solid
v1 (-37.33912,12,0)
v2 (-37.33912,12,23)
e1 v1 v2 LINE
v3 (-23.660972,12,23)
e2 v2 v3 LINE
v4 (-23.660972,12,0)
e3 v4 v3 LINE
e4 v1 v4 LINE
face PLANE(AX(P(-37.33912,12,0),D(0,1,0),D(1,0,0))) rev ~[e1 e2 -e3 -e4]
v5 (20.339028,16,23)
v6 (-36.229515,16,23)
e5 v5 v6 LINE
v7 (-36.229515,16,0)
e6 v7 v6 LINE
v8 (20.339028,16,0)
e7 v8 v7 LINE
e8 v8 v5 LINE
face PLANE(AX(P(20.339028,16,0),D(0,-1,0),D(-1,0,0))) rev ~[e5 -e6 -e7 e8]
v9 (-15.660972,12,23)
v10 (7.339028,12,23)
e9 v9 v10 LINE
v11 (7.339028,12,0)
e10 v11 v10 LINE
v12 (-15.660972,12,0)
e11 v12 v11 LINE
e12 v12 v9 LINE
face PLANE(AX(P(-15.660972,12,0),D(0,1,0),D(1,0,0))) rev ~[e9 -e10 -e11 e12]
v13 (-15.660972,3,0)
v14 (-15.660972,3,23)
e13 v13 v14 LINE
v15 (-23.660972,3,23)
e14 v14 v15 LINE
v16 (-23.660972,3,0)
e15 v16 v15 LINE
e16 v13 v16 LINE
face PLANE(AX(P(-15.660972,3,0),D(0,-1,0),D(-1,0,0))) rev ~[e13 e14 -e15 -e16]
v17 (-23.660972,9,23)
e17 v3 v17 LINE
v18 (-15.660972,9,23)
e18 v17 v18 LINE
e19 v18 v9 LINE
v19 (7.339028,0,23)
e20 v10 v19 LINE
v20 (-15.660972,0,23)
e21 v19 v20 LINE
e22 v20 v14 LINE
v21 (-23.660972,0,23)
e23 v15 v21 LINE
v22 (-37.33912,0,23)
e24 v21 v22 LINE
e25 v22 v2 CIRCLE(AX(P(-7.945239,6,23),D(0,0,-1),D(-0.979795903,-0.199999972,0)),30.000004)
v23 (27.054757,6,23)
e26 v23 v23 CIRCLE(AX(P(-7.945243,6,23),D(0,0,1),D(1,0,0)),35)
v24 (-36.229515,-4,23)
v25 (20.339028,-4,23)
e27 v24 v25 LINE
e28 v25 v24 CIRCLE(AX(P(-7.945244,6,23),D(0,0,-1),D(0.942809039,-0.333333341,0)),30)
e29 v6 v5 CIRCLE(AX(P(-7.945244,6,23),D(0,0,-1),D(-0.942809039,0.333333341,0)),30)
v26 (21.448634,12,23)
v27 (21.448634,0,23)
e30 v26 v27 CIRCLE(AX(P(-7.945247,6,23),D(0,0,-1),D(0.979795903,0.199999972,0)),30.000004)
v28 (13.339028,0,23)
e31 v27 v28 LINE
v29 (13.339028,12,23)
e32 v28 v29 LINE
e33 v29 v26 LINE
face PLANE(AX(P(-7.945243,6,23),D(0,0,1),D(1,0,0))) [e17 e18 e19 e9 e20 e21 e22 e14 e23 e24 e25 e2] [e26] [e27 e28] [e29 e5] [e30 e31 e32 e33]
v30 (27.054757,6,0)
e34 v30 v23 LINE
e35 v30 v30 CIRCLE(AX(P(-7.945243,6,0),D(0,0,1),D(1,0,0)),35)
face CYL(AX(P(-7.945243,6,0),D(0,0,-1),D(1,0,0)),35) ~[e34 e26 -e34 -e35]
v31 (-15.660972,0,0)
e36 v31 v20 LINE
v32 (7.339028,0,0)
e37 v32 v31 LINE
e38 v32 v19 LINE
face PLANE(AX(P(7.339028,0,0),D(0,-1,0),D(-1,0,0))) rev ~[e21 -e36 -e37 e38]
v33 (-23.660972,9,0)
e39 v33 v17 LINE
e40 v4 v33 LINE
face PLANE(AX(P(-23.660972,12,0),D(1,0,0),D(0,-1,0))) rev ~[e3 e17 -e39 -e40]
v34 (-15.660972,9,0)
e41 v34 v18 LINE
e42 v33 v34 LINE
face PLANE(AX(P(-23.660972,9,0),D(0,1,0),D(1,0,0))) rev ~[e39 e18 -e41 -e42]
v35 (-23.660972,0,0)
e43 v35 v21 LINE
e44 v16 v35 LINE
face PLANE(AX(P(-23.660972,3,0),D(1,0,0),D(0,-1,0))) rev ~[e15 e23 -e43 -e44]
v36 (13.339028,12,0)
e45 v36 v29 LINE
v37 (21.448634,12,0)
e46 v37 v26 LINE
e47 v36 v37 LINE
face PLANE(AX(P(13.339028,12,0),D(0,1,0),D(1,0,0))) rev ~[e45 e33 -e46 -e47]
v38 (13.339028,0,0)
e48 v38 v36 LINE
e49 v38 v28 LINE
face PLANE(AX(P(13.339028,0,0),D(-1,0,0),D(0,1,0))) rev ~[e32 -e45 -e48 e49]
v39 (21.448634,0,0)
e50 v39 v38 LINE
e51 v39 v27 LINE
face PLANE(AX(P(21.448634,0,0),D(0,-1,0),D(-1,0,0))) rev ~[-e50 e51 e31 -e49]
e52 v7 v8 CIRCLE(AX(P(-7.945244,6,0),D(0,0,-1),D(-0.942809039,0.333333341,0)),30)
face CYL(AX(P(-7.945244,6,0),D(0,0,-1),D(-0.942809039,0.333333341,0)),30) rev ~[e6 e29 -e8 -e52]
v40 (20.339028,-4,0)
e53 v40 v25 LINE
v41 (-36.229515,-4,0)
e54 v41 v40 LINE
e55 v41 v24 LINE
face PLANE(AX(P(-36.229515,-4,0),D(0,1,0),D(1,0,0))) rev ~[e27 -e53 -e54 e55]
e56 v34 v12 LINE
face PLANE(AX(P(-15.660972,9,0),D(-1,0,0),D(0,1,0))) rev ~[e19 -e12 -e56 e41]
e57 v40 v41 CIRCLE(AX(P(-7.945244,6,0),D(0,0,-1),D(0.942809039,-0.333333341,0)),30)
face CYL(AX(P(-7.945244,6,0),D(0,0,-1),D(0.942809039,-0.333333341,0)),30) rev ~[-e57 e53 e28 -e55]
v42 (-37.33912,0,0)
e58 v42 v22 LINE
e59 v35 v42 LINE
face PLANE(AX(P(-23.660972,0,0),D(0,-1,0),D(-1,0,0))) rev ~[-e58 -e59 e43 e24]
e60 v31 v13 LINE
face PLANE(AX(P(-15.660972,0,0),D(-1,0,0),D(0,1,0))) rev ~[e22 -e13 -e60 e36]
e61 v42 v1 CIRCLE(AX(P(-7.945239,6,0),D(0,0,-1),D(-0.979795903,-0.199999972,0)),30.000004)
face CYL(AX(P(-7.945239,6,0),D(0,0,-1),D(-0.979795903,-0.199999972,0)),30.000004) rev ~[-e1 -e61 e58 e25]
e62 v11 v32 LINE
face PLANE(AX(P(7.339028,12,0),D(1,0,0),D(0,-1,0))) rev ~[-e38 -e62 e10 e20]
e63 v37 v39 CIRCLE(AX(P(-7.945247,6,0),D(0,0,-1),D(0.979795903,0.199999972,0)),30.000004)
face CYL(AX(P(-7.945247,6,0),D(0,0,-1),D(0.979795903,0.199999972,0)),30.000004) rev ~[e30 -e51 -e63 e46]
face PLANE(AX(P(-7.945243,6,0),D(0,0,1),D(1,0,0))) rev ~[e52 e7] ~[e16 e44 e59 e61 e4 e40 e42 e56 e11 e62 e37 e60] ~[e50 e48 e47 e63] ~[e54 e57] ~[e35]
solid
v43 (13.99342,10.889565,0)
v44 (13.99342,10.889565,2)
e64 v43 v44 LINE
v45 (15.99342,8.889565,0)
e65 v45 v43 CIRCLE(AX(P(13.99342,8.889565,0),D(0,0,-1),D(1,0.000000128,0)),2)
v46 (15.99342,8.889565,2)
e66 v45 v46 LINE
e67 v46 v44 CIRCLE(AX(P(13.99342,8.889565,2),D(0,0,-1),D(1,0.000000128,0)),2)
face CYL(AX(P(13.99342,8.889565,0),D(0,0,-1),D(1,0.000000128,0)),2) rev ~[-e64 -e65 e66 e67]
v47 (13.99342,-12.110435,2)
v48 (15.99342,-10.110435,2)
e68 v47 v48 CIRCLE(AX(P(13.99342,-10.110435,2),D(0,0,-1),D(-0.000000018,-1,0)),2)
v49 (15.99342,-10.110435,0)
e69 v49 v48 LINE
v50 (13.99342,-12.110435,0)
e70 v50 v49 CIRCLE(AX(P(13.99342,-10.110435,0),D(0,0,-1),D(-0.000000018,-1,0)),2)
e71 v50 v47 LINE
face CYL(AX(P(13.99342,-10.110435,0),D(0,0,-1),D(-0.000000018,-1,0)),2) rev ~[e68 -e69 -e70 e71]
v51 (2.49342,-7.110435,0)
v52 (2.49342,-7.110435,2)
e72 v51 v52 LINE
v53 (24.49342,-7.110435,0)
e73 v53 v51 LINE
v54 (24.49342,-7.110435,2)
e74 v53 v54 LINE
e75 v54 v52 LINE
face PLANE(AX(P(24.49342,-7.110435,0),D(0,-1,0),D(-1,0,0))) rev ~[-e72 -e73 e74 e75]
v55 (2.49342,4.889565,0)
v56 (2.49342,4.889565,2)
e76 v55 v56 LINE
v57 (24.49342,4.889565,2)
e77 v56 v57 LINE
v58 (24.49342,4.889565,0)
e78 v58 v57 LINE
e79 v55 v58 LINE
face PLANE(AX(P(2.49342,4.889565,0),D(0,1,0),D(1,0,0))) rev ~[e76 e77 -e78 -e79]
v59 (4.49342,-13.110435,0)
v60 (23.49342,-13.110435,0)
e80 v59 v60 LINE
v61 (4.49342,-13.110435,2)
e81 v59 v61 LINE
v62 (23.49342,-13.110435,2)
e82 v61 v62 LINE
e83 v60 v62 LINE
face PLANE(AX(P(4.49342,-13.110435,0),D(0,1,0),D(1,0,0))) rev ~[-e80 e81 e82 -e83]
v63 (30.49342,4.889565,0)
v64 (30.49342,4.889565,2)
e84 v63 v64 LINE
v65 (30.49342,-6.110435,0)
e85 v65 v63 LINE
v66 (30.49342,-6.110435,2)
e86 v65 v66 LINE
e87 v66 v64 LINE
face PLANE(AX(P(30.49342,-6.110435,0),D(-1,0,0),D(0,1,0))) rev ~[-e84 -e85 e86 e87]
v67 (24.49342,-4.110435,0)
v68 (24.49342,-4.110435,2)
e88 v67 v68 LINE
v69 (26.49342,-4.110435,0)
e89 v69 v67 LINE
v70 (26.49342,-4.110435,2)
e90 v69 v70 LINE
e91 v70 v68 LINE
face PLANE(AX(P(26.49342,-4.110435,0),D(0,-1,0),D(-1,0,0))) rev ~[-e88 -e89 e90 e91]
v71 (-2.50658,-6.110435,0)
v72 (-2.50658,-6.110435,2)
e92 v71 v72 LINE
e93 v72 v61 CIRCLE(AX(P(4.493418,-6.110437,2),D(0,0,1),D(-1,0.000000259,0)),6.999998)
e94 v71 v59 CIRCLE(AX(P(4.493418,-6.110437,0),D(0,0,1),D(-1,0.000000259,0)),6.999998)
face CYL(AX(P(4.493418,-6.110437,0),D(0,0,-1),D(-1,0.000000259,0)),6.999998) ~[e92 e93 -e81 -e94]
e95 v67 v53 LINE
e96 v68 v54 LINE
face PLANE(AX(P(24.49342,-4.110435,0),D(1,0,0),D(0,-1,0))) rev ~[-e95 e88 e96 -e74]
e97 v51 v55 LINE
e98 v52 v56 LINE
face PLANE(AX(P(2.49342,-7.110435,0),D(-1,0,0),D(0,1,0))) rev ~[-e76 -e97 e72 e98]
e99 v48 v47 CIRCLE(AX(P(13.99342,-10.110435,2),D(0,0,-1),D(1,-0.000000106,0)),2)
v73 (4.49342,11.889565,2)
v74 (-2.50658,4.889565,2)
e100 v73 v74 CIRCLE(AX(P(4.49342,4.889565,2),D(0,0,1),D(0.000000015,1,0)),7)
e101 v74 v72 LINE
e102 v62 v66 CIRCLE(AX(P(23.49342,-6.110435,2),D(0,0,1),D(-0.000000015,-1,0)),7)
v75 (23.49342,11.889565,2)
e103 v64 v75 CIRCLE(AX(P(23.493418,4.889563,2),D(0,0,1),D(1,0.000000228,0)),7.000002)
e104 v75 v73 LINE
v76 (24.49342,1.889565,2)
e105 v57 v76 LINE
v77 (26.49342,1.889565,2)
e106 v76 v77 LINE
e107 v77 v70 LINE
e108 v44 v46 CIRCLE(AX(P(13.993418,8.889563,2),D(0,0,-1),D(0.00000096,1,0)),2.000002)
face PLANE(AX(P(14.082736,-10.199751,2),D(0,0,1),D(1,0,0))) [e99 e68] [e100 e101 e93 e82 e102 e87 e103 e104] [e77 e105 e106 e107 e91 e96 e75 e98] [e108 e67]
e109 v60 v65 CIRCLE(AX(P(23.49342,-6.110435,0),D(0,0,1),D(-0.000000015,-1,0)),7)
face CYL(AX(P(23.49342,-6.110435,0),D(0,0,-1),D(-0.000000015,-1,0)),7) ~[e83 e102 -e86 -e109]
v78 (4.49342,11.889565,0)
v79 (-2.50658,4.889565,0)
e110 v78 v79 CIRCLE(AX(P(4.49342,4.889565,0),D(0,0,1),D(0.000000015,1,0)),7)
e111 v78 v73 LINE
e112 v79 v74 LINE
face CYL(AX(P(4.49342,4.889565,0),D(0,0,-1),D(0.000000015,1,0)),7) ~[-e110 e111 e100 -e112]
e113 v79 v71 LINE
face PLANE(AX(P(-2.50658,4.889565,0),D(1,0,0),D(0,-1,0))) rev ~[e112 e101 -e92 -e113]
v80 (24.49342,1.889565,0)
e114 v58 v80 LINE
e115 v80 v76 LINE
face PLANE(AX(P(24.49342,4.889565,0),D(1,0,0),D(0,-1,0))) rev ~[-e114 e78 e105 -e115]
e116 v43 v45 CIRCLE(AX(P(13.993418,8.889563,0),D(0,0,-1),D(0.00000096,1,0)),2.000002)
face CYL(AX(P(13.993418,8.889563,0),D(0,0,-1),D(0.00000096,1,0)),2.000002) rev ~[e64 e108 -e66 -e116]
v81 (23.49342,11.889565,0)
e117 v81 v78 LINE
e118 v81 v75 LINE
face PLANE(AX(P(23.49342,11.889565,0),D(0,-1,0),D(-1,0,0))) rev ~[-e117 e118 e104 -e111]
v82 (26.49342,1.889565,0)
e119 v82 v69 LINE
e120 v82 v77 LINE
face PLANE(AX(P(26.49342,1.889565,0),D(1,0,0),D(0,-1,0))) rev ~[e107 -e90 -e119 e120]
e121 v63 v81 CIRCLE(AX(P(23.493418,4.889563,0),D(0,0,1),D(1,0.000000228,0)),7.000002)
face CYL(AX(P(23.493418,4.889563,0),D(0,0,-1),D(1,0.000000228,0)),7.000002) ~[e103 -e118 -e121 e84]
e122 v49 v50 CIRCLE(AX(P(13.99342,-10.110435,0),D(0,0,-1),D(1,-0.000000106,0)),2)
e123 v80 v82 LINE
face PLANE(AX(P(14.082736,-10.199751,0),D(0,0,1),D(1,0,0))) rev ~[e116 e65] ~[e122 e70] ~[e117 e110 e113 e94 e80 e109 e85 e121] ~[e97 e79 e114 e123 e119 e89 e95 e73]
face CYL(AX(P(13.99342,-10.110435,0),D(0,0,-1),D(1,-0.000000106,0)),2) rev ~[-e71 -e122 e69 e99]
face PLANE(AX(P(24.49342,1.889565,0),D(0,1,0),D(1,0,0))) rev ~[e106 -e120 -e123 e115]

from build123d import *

# Parameters (mm, degrees)
F1_DEPTH = 2
F2_R     = 35
F3_DEPTH = 23


with BuildPart() as f1:
    # F0 (on Top) → F1 (new body)
    with BuildSketch(Plane.XY):
        with BuildLine():
            ThreePointArc((15.99342, -10.110435), (12.579206, -8.696222), (13.99342, -12.110435))
            ThreePointArc((13.99342, -12.110435), (15.407633, -11.524649), (15.99342, -10.110435))
        make_face()
        with BuildLine():
            ThreePointArc((15.99342, 8.889565), (15.407633, 10.303778), (13.99342, 10.889565))
            ThreePointArc((13.99342, 10.889565), (12.579206, 7.475351), (15.99342, 8.889565))
        make_face()
        with BuildLine():
            Line((13.99342, 11.889565), (4.49342, 11.889565))
            ThreePointArc((4.49342, 11.889565), (-0.456328, 9.839312), (-2.50658, 4.889565))
            Line((-2.50658, 4.889565), (-2.50658, -6.110435))
            ThreePointArc((-2.50658, -6.110435), (-0.456328, -11.060183), (4.49342, -13.110435))
            Line((4.49342, -13.110435), (13.99342, -13.110435))
            Line((13.99342, -13.110435), (23.49342, -13.110435))
            ThreePointArc((23.49342, -13.110435), (28.443167, -11.060183), (30.49342, -6.110435))
            Line((30.49342, -6.110435), (30.49342, 4.889565))
            ThreePointArc((30.49342, 4.889565), (28.443167, 9.839312), (23.49342, 11.889565))
            Line((23.49342, 11.889565), (13.99342, 11.889565))
        make_face()
        with BuildLine():
            ThreePointArc((15.99342, -10.110435), (15.407633, -11.524649), (13.99342, -12.110435))
            ThreePointArc((13.99342, -12.110435), (12.579206, -8.696222), (15.99342, -10.110435))
        make_face(mode=Mode.SUBTRACT)
        Polygon((2.49342, -7.110435), (2.49342, 4.889565), (24.49342, 4.889565), (24.49342, 1.889565), (26.49342, 1.889565), (26.49342, -4.110435), (24.49342, -4.110435), (24.49342, -7.110435), align=None, mode=Mode.SUBTRACT)
        with BuildLine():
            ThreePointArc((15.99342, 8.889565), (12.579206, 7.475351), (13.99342, 10.889565))
            ThreePointArc((13.99342, 10.889565), (15.407633, 10.303778), (15.99342, 8.889565))
        make_face(mode=Mode.SUBTRACT)
    extrude(amount=F1_DEPTH)


with BuildPart() as f3:
    # F2 (on Top) → F3 (new body)
    with BuildSketch(Plane.XY):
        with Locations((-7.945243, 6)):
            Circle(F2_R)
        with BuildLine():
            ThreePointArc((20.339028, -4), (-7.945243, -24), (-36.229515, -4))
            Line((-36.229515, -4), (20.339028, -4))
        make_face(mode=Mode.SUBTRACT)
        with BuildLine():
            ThreePointArc((-37.33912, 0), (-37.945243, 6), (-37.33912, 12))
            Line((-37.33912, 12), (-23.660972, 12))
            Line((-23.660972, 12), (-23.660972, 9))
            Line((-23.660972, 9), (-15.660972, 9))
            Line((-15.660972, 9), (-15.660972, 12))
            Line((-15.660972, 12), (7.339028, 12))
            Line((7.339028, 12), (7.339028, 0))
            Line((7.339028, 0), (-15.660972, 0))
            Line((-15.660972, 0), (-15.660972, 3))
            Line((-15.660972, 3), (-23.660972, 3))
            Line((-23.660972, 3), (-23.660972, 0))
            Line((-23.660972, 0), (-37.33912, 0))
        make_face(mode=Mode.SUBTRACT)
        with BuildLine():
            Line((21.448634, 0), (20.339028, 0))
            Line((20.339028, 0), (13.339028, 0))
            Line((13.339028, 0), (13.339028, 12))
            Line((13.339028, 12), (20.339028, 12))
            Line((20.339028, 12), (21.448634, 12))
            ThreePointArc((21.448634, 12), (22.054757, 6), (21.448634, 0))
        make_face(mode=Mode.SUBTRACT)
        with BuildLine():
            Line((20.339028, 16), (-36.229515, 16))
            ThreePointArc((-36.229515, 16), (-7.945243, 36), (20.339028, 16))
        make_face(mode=Mode.SUBTRACT)
    extrude(amount=F3_DEPTH)


solid = Compound([f1.part, f3.part])
